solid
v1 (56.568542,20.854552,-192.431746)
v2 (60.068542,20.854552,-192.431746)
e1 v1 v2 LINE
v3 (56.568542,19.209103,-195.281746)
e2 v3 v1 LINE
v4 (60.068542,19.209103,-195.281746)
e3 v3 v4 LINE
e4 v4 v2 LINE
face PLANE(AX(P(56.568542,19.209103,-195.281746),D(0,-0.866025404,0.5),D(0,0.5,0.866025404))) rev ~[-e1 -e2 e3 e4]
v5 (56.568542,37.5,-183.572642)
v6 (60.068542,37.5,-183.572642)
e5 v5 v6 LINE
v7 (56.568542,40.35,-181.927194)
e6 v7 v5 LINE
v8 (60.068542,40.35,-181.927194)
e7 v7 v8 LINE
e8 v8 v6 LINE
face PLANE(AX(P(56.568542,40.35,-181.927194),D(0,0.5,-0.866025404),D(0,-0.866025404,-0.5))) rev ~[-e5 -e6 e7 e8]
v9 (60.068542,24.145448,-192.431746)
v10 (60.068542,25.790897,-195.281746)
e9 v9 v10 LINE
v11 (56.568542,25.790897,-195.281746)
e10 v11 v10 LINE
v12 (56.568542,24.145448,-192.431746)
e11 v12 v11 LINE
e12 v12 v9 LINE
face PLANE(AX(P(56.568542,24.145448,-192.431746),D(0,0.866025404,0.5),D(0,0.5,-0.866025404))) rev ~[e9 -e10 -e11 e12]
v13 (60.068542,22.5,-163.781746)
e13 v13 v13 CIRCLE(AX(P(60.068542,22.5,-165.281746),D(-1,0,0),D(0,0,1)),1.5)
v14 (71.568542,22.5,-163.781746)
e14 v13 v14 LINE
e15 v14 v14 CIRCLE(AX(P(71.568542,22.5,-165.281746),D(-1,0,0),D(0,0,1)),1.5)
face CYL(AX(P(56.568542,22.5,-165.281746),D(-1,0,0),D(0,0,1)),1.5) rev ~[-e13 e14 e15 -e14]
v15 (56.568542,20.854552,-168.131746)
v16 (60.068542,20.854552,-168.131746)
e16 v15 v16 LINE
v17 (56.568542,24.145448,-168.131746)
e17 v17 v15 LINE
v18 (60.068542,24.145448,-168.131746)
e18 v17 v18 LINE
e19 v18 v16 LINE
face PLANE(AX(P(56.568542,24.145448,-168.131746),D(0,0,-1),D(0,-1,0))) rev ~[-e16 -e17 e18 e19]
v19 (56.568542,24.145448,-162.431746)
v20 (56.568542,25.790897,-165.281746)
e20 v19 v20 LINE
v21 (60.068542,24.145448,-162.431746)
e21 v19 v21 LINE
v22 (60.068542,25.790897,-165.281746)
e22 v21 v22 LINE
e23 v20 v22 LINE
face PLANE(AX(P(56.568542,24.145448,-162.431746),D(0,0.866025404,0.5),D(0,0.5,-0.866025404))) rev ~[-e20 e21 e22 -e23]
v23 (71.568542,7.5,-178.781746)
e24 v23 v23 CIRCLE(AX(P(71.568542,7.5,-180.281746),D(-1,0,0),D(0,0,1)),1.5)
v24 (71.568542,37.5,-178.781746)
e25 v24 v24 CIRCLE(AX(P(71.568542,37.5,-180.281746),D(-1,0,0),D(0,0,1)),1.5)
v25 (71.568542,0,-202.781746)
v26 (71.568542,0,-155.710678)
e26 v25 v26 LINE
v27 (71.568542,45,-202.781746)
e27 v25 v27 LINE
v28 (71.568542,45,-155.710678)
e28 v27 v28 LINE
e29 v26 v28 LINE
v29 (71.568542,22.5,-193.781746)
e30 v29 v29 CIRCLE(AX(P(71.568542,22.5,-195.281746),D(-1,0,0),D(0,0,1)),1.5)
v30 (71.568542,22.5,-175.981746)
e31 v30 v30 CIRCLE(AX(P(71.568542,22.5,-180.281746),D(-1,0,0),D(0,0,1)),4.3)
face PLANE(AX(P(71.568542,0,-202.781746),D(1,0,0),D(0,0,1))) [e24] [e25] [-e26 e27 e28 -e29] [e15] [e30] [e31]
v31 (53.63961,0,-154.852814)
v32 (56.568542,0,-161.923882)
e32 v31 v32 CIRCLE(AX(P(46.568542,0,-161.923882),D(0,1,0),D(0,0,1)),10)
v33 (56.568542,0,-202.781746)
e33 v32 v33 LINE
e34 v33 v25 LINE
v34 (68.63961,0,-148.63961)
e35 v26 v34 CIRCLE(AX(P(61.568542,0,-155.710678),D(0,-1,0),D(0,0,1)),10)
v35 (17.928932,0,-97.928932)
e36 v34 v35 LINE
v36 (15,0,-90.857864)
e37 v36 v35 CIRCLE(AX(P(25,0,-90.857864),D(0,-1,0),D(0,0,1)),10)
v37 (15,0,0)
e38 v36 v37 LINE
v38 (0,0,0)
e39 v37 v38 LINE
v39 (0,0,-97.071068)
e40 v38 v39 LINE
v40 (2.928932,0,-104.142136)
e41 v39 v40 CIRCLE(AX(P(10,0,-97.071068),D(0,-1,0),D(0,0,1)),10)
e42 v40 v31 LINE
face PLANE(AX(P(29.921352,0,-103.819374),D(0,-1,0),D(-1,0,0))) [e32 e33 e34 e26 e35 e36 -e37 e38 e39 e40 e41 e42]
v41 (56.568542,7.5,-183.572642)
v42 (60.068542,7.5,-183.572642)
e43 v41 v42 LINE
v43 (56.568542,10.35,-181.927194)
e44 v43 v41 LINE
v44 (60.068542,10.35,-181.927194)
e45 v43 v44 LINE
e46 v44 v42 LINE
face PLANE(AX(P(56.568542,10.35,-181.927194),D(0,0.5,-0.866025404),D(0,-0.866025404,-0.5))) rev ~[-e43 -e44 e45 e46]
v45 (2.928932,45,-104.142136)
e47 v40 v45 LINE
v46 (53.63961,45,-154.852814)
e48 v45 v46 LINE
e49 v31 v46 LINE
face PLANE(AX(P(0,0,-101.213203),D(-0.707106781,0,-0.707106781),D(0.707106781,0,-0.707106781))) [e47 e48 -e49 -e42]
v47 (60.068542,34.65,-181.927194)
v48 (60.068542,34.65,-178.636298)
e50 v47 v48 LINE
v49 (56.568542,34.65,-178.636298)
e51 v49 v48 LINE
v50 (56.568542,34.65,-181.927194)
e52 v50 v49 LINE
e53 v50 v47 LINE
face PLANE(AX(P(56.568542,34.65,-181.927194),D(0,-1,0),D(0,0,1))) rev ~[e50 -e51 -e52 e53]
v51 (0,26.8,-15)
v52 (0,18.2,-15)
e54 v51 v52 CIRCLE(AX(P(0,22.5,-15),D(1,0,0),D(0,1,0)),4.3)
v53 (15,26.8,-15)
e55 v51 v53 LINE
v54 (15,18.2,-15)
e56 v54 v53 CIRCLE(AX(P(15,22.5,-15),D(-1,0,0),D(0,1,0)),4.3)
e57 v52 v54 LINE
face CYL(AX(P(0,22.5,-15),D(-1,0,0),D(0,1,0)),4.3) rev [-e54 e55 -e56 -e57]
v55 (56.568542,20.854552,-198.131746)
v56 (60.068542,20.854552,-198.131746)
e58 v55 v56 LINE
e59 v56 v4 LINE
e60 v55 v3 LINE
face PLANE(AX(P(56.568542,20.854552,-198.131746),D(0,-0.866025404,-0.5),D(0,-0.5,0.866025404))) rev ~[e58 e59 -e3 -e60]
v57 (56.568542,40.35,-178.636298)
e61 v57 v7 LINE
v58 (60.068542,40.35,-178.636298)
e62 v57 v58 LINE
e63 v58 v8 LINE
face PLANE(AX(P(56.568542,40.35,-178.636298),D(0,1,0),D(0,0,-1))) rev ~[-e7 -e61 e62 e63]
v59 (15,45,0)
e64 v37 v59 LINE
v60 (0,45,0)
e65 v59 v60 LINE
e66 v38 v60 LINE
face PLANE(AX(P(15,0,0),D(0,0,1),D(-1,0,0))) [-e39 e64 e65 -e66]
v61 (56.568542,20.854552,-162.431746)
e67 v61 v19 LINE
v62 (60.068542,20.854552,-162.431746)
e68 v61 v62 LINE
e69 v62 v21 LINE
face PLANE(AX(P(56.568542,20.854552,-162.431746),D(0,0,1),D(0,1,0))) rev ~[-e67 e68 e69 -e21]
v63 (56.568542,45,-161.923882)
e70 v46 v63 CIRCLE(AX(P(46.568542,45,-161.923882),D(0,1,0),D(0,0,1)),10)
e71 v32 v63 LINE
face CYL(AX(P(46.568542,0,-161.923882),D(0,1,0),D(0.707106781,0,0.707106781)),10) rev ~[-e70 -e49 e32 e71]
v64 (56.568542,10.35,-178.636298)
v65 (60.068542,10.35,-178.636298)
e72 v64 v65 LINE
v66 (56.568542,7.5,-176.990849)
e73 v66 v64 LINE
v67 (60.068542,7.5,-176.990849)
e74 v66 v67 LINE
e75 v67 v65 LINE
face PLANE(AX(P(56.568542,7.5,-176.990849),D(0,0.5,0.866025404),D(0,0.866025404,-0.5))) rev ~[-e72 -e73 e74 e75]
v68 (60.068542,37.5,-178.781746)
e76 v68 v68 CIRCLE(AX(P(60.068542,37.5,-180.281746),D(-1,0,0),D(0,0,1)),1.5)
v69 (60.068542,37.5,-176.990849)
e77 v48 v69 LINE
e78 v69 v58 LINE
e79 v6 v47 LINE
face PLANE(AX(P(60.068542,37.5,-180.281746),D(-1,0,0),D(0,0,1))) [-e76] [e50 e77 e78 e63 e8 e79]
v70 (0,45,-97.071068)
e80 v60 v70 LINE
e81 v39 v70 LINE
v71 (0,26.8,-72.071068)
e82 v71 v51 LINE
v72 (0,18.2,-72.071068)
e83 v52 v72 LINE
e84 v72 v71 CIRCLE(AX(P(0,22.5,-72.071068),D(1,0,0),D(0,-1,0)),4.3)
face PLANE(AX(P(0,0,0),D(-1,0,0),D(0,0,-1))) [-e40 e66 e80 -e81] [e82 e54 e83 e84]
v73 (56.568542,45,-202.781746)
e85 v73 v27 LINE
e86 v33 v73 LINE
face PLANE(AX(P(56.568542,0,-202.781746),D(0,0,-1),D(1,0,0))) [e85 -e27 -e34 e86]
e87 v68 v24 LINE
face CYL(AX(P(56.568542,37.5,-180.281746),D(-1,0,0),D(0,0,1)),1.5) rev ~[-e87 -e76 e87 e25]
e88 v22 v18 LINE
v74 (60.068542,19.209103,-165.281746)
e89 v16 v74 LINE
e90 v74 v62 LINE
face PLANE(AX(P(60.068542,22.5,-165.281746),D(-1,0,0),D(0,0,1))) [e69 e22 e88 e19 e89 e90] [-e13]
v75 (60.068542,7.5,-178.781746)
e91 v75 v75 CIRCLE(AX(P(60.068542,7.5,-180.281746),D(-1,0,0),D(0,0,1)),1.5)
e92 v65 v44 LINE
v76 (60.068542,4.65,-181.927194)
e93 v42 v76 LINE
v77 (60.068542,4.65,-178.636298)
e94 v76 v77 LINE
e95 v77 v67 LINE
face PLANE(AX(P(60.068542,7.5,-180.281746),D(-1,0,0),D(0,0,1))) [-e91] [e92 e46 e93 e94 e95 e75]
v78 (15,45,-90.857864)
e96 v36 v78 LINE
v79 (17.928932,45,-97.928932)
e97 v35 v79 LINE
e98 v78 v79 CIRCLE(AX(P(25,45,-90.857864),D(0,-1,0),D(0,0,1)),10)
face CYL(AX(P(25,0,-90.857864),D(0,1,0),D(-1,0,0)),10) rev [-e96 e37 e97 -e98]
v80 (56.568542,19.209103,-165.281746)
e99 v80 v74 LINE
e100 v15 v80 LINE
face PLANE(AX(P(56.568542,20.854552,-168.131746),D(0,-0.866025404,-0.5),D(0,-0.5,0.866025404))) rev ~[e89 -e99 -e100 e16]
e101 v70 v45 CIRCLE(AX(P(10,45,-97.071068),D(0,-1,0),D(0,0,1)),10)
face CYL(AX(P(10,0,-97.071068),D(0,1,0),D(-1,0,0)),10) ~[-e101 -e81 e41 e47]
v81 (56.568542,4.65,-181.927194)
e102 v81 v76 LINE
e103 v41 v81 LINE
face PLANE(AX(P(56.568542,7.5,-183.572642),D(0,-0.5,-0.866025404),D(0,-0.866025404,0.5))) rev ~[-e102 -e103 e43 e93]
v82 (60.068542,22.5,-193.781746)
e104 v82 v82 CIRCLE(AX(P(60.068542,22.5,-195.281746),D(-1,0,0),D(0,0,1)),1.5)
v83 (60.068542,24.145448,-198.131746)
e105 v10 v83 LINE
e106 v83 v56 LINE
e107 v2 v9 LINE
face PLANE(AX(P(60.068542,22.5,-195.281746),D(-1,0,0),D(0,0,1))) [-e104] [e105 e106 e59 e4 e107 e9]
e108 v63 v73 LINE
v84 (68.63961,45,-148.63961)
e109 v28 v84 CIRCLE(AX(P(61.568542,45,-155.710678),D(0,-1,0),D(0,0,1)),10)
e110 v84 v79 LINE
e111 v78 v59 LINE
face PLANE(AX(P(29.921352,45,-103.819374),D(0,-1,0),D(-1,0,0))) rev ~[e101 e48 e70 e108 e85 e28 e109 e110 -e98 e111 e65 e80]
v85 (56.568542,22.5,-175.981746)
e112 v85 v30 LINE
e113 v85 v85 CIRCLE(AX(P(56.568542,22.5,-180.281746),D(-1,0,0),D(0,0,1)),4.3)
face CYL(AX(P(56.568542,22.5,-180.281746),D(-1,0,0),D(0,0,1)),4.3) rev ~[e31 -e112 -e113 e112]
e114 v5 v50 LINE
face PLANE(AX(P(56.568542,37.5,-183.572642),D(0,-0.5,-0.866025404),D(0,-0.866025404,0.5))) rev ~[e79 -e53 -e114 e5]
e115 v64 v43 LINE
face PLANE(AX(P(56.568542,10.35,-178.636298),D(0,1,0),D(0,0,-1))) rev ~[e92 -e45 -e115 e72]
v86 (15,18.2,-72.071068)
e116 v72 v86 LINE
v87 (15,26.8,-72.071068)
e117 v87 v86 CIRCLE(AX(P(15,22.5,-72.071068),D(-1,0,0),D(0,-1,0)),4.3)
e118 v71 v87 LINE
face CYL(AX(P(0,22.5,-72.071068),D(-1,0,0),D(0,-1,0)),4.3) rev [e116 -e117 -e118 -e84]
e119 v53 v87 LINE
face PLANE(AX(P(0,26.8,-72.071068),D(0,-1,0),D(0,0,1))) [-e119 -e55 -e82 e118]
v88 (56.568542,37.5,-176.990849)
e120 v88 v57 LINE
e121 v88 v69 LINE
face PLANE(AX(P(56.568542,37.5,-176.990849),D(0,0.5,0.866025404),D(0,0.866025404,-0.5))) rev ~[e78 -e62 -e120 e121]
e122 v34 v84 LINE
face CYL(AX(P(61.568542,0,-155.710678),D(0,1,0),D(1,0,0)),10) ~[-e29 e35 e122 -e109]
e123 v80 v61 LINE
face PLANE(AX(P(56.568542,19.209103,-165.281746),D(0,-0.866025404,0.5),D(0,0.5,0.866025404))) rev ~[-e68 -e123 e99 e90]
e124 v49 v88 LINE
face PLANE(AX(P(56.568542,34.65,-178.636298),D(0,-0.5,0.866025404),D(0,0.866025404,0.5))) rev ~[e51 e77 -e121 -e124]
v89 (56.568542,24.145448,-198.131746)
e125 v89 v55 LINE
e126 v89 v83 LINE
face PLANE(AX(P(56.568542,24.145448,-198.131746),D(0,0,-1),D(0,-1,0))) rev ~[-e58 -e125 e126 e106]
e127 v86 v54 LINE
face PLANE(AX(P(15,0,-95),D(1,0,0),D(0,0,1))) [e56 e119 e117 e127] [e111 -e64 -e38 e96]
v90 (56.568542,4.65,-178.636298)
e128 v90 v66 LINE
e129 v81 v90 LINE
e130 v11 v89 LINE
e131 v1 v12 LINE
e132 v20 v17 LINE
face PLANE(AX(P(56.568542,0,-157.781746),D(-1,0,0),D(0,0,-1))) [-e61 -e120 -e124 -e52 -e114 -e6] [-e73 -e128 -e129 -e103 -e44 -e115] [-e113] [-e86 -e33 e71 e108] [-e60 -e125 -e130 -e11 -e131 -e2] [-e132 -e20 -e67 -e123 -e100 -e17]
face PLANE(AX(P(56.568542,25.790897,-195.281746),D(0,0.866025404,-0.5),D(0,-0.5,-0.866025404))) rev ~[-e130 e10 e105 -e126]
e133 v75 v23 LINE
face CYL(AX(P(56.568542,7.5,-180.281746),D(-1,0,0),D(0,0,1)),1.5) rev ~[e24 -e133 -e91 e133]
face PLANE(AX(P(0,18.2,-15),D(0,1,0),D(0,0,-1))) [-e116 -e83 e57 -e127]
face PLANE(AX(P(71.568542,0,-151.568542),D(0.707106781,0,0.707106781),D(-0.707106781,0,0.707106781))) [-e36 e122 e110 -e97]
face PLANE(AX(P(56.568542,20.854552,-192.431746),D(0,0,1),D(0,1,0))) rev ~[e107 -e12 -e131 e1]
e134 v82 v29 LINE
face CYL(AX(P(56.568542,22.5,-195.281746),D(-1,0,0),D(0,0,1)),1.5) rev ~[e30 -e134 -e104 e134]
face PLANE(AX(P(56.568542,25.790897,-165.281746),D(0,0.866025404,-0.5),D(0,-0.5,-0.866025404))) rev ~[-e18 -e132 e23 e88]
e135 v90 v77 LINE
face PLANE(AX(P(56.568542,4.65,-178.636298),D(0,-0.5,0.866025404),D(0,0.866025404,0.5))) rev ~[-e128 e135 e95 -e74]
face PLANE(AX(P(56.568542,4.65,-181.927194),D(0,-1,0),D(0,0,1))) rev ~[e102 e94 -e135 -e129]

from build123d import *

# Parameters (mm, degrees)
BODY_DEPTH                            = 45
MOUNTING_HOLES_REACH                  = 17
SKETCH3_R                             = 4.3
SKETCH3_R_2                           = 1.5
MOUNTING_HOLE_COUNTERBORE_DEPTH       = 3.5
STRESS_CONCENTRATION_RELIEF_FILLETS_R = 10
SLOT_DEPTH                            = 72.568542495


with BuildPart() as part:
    # Sketch1 → Body (new body)
    with BuildSketch(Plane(origin=(0, 0, 0), x_dir=(1, 0, 0), z_dir=(0, 1, 0))):
        Polygon((0, 0), (0, 101.213203436), (56.568542495, 157.781745931), (56.568542495, 202.781745931), (71.568542495, 202.781745931), (71.568542495, 151.568542495), (15, 95), (15, 0), align=None)
    extrude(amount=BODY_DEPTH)

    # Sketch3 → Mounting Holes (cut, up to next)
    with BuildSketch(Plane.ZY.offset(-56.568542495), mode=Mode.PRIVATE) as mounting_holes_sk1:
        with Locations((-180.281745931, 22.5)):
            Circle(SKETCH3_R)
    mounting_holes_tool1 = extrude(mounting_holes_sk1.sketch, amount=-MOUNTING_HOLES_REACH, mode=Mode.PRIVATE) & part.part
    add(mounting_holes_tool1.solids().sort_by_distance((56.568542, 22.5, -180.281746))[0], mode=Mode.SUBTRACT)
    # Sketch3 → Mounting Holes (cut, up to next)
    with BuildSketch(Plane.ZY.offset(-56.568542495), mode=Mode.PRIVATE) as mounting_holes_sk2:
        with Locations((-180.281745931, 37.5)):
            Circle(SKETCH3_R_2)
    mounting_holes_tool2 = extrude(mounting_holes_sk2.sketch, amount=-MOUNTING_HOLES_REACH, mode=Mode.PRIVATE) & part.part
    add(mounting_holes_tool2.solids().sort_by_distance((56.568542, 37.5, -180.281746))[0], mode=Mode.SUBTRACT)
    # Sketch3 → Mounting Holes (cut, up to next)
    with BuildSketch(Plane.ZY.offset(-56.568542495), mode=Mode.PRIVATE) as mounting_holes_sk3:
        with Locations((-165.281745931, 22.5)):
            Circle(SKETCH3_R_2)
    mounting_holes_tool3 = extrude(mounting_holes_sk3.sketch, amount=-MOUNTING_HOLES_REACH, mode=Mode.PRIVATE) & part.part
    add(mounting_holes_tool3.solids().sort_by_distance((56.568542, 22.5, -165.281746))[0], mode=Mode.SUBTRACT)
    # Sketch3 → Mounting Holes (cut, up to next)
    with BuildSketch(Plane.ZY.offset(-56.568542495), mode=Mode.PRIVATE) as mounting_holes_sk4:
        with Locations((-180.281745931, 7.5)):
            Circle(SKETCH3_R_2)
    mounting_holes_tool4 = extrude(mounting_holes_sk4.sketch, amount=-MOUNTING_HOLES_REACH, mode=Mode.PRIVATE) & part.part
    add(mounting_holes_tool4.solids().sort_by_distance((56.568542, 7.5, -180.281746))[0], mode=Mode.SUBTRACT)
    # Sketch3 → Mounting Holes (cut, up to next)
    with BuildSketch(Plane.ZY.offset(-56.568542495), mode=Mode.PRIVATE) as mounting_holes_sk5:
        with Locations((-195.281745931, 22.5)):
            Circle(SKETCH3_R_2)
    mounting_holes_tool5 = extrude(mounting_holes_sk5.sketch, amount=-MOUNTING_HOLES_REACH, mode=Mode.PRIVATE) & part.part
    add(mounting_holes_tool5.solids().sort_by_distance((56.568542, 22.5, -195.281746))[0], mode=Mode.SUBTRACT)

    # Sketch4 → Mounting Hole Counterbore (cut)
    with BuildSketch(Plane.ZY.offset(-56.568542495)):
        Polygon((-162.431745931, 20.854551733), (-162.431745931, 24.145448267), (-165.281745931, 25.790896534), (-168.131745931, 24.145448267), (-168.131745931, 20.854551733), (-165.281745931, 19.209103466), align=None)
        Polygon((-178.636297663, 40.35), (-181.927194198, 40.35), (-183.572642465, 37.5), (-181.927194198, 34.65), (-178.636297663, 34.65), (-176.990849396, 37.5), align=None)
        Polygon((-181.927194198, 4.65), (-178.636297663, 4.65), (-176.990849396, 7.5), (-178.636297663, 10.35), (-181.927194198, 10.35), (-183.572642465, 7.5), align=None)
        Polygon((-198.131745931, 24.145448267), (-198.131745931, 20.854551733), (-195.281745931, 19.209103466), (-192.431745931, 20.854551733), (-192.431745931, 24.145448267), (-195.281745931, 25.790896534), align=None)
    extrude(amount=-MOUNTING_HOLE_COUNTERBORE_DEPTH, mode=Mode.SUBTRACT)

    # Stress Concentration Relief Fillets
    stress_concentration_relief_fillets_edges = [part.edges().sort_by_distance(p)[0] for p in [
        (0, 22.5, -101.213203436),
        (56.568542495, 22.5, -157.781745931),
        (71.568542495, 22.5, -151.568542495),
        (15, 22.5, -95),
    ]]
    fillet(stress_concentration_relief_fillets_edges, radius=STRESS_CONCENTRATION_RELIEF_FILLETS_R)

    # Sketch5 → Slot (cut, through all)
    with BuildSketch(Plane.ZY):
        with BuildLine():
            Line((-72.071067812, 26.8), (-15, 26.8))
            ThreePointArc((-15, 26.8), (-10.7, 22.5), (-15, 18.2))
            Line((-15, 18.2), (-72.071067812, 18.2))
            ThreePointArc((-72.071067812, 18.2), (-76.371067812, 22.5), (-72.071067812, 26.8))
        make_face()
    extrude(amount=-SLOT_DEPTH, mode=Mode.SUBTRACT)


solid = part.part
